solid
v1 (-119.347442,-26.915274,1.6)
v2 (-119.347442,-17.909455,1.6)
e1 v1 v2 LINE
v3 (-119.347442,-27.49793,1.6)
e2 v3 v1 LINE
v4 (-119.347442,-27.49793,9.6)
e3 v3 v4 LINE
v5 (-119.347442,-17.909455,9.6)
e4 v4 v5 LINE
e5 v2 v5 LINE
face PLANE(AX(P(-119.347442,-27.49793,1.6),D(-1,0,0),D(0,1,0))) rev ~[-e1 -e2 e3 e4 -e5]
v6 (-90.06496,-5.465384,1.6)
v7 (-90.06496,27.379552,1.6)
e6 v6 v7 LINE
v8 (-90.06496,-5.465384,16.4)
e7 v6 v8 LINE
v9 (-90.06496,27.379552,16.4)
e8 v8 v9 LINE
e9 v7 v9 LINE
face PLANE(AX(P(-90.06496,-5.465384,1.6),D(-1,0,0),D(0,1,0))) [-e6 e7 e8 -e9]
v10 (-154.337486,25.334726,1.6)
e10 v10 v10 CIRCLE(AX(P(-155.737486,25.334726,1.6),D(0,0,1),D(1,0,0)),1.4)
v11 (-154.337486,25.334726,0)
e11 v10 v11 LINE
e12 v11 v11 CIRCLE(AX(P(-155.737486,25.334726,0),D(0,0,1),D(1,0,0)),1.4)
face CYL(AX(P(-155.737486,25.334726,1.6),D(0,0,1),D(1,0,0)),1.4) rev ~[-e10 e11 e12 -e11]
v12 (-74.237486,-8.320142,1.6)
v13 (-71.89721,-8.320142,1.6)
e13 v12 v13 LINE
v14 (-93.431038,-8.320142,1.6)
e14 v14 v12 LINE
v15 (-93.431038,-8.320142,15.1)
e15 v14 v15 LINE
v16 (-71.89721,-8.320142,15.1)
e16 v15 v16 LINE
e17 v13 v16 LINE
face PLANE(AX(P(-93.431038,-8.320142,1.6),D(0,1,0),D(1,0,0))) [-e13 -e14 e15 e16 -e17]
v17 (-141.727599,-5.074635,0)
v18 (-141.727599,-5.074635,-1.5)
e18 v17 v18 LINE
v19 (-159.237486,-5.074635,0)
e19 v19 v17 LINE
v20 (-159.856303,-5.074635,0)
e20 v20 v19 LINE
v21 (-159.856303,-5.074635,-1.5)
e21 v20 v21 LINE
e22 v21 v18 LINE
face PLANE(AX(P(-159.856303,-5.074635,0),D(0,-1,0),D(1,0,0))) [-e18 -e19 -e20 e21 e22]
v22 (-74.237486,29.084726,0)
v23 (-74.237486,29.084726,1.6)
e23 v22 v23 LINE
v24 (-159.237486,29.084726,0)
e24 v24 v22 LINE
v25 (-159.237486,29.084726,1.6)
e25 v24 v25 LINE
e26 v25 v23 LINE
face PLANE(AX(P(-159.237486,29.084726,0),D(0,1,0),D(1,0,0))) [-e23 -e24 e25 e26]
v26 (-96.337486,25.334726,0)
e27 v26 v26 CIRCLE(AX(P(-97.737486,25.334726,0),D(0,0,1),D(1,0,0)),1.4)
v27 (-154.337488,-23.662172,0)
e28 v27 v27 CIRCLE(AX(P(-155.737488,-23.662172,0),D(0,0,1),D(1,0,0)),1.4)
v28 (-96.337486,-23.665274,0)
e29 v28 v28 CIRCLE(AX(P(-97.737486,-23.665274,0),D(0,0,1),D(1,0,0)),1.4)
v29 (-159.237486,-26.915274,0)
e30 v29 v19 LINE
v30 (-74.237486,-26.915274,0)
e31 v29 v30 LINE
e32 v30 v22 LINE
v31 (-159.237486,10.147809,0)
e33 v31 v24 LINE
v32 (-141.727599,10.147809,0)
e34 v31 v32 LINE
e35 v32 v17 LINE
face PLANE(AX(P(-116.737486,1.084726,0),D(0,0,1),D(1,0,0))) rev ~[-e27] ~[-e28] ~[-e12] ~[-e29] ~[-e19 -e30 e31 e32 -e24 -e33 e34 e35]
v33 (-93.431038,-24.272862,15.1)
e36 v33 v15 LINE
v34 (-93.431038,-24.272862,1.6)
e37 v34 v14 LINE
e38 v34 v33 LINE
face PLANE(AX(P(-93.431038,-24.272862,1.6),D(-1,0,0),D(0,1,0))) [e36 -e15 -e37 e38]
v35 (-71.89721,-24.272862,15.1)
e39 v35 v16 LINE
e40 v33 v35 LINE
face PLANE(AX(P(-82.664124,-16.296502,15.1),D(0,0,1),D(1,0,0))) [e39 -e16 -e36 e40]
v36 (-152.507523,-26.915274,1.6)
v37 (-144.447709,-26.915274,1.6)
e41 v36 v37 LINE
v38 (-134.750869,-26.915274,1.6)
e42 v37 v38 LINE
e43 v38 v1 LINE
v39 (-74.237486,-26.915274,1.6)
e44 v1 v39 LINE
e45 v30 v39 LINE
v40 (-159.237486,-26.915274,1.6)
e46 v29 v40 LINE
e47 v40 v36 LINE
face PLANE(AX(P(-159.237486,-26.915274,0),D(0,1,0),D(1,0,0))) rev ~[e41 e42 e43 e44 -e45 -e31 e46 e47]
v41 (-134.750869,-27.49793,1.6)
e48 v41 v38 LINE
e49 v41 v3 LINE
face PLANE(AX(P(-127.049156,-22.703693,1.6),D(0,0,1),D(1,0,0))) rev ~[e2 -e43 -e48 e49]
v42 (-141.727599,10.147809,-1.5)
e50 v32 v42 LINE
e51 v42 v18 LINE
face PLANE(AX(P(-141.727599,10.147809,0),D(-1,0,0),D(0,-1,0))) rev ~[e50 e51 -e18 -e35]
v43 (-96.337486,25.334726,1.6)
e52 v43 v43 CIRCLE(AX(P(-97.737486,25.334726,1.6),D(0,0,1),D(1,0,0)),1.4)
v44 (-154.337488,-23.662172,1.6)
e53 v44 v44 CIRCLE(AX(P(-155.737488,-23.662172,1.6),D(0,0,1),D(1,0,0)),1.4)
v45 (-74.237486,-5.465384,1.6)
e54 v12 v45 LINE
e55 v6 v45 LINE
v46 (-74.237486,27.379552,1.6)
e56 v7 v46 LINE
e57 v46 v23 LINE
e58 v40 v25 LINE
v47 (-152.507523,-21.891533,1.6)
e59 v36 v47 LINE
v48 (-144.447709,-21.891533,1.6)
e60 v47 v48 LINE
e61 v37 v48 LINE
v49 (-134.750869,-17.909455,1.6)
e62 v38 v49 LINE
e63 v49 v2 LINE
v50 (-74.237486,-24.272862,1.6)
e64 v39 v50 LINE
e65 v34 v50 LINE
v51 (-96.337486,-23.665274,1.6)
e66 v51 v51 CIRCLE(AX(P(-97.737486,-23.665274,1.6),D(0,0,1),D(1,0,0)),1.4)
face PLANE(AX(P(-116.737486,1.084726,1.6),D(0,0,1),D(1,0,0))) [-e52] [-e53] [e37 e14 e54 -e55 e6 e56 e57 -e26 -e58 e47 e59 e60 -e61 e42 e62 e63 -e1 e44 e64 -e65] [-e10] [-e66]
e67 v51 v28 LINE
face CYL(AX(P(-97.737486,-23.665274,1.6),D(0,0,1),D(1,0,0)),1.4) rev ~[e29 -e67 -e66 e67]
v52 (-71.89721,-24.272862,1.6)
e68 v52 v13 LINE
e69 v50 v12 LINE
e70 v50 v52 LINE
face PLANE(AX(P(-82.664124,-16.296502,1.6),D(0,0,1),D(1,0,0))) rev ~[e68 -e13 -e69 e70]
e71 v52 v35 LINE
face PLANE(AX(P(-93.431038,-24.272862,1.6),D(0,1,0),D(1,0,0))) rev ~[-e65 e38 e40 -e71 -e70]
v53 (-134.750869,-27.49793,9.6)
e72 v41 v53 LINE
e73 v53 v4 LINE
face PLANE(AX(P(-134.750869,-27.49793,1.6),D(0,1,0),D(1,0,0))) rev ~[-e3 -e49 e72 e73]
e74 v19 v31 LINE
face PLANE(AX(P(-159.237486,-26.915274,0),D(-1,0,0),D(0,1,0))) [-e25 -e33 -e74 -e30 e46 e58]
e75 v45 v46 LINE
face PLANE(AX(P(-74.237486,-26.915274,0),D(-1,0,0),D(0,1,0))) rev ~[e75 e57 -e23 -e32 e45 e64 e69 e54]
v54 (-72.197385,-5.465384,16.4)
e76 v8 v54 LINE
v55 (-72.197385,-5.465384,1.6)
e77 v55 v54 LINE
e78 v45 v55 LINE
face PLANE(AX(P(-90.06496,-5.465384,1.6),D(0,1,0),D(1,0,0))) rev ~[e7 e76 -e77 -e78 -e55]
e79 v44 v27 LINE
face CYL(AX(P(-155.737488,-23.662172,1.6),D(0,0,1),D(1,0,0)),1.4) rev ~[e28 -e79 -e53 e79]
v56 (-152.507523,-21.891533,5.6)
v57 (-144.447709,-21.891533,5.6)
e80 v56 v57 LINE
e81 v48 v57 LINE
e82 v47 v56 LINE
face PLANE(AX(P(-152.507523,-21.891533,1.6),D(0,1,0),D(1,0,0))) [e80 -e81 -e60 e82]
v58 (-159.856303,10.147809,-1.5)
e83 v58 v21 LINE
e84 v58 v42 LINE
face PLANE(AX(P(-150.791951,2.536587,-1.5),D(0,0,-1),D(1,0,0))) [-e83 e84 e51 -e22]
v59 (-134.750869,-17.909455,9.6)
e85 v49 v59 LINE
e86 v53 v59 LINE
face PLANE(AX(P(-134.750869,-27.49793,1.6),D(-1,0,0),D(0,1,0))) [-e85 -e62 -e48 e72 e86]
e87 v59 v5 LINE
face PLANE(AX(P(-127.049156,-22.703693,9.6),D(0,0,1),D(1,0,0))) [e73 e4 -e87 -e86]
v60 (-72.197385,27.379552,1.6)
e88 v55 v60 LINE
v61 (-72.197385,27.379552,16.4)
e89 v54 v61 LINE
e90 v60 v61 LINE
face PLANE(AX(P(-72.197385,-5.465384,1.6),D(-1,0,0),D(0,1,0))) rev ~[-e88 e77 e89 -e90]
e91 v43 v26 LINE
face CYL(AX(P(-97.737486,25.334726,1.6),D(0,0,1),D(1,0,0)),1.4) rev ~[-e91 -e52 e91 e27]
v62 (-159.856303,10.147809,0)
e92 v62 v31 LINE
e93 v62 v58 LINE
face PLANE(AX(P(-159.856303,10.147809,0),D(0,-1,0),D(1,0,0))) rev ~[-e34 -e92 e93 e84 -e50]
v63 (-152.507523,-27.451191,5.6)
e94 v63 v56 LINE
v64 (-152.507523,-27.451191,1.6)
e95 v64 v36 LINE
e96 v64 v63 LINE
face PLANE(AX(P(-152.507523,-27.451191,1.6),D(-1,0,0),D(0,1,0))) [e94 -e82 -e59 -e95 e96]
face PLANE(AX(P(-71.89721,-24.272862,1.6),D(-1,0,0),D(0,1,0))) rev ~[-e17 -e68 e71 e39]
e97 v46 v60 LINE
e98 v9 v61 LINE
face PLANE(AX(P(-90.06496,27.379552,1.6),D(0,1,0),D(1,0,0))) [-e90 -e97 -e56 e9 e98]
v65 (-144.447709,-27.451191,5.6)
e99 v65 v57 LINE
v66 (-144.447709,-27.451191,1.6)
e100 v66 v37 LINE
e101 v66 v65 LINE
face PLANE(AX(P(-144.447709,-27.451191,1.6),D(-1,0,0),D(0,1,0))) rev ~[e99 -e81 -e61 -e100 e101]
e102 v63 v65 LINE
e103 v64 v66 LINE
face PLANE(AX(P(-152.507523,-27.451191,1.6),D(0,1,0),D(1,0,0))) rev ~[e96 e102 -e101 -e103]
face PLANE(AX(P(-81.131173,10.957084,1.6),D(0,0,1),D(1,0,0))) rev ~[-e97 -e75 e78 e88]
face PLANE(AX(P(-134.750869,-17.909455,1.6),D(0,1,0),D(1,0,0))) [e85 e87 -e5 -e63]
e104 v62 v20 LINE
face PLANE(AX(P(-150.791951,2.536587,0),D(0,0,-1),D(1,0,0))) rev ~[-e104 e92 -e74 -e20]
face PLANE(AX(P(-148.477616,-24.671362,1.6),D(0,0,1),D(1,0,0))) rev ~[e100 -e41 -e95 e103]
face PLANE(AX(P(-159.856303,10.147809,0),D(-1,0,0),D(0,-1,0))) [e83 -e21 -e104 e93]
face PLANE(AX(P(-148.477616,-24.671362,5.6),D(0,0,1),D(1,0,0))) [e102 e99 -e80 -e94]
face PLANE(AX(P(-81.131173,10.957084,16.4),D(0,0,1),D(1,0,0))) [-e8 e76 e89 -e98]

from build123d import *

# Parameters (mm, degrees)
SKETCH_W     = 85
SKETCH_H     = 56
PAD_DEPTH    = 1.6
SKETCH001_R  = 1.4
POCKET_DEPTH = 5
SKETCH002_W  = 17.867575
SKETCH002_H  = 32.844936
PAD001_DEPTH = 14.8
SKETCH003_W  = 21.533829
SKETCH003_H  = 15.952719
PAD002_DEPTH = 13.5
SKETCH004_W  = 18.128704
SKETCH004_H  = 15.222443
PAD003_DEPTH = 1.5
SKETCH005_W  = 8.059815
SKETCH005_H  = 5.559658
PAD004_DEPTH = 4
SKETCH006_W  = 15.403427
SKETCH006_H  = 9.588475
PAD005_DEPTH = 8


with BuildPart() as pad001:
    # Sketch → Pad (new body)
    with BuildSketch(Plane.XY):
        with Locations((-116.737486, 1.084726)):
            Rectangle(SKETCH_W, SKETCH_H)
    extrude(amount=PAD_DEPTH)

    # Sketch001 → Pocket (cut)
    with BuildSketch(Plane.XY.offset(1.6)):
        with Locations((-155.737486, 25.334726)):
            Circle(SKETCH001_R)
        with Locations((-97.737486, 25.334726)):
            Circle(SKETCH001_R)
        with Locations((-97.737486, -23.665274)):
            Circle(SKETCH001_R)
        with Locations((-155.737488, -23.662172)):
            Circle(SKETCH001_R)
    extrude(amount=-POCKET_DEPTH, mode=Mode.SUBTRACT)

    # Sketch002 → Pad001 (new body)
    with BuildSketch(Plane.XY.offset(1.6)):
        with Locations((-81.131173, 10.957084)):
            Rectangle(SKETCH002_W, SKETCH002_H)
    extrude(amount=PAD001_DEPTH)


with BuildPart() as pad004:
    # Pad002 base: copy of Pad001
    add(pad001.part)

    # Sketch003 → Pad002 (new body)
    with BuildSketch(Plane.XY.offset(1.6)):
        with Locations((-82.664124, -16.296502)):
            Rectangle(SKETCH003_W, SKETCH003_H)
    extrude(amount=PAD002_DEPTH)

    # Sketch004 → Pad003 (new body)
    with BuildSketch(Plane(origin=(0, 0, 0), x_dir=(1, 0, 0), z_dir=(0, 0, -1))):
        with Locations((-150.791951, -2.536587)):
            Rectangle(SKETCH004_W, SKETCH004_H)
    extrude(amount=PAD003_DEPTH)

    # Sketch005 → Pad004 (new body)
    with BuildSketch(Plane.XY.offset(1.6)):
        with Locations((-148.477616, -24.671362)):
            Rectangle(SKETCH005_W, SKETCH005_H)
    extrude(amount=PAD004_DEPTH)


with BuildPart() as fusion:
    # Pad005 base: copy of Pad004
    add(pad004.part)

    # Sketch006 → Pad005 (new body)
    with BuildSketch(Plane.XY.offset(1.6)):
        with Locations((-127.049156, -22.703693)):
            Rectangle(SKETCH006_W, SKETCH006_H)
    extrude(amount=PAD005_DEPTH)

    # Fusion: union Pad001, Pad004
    add(pad001.part)
    add(pad004.part)


solid = fusion.part
